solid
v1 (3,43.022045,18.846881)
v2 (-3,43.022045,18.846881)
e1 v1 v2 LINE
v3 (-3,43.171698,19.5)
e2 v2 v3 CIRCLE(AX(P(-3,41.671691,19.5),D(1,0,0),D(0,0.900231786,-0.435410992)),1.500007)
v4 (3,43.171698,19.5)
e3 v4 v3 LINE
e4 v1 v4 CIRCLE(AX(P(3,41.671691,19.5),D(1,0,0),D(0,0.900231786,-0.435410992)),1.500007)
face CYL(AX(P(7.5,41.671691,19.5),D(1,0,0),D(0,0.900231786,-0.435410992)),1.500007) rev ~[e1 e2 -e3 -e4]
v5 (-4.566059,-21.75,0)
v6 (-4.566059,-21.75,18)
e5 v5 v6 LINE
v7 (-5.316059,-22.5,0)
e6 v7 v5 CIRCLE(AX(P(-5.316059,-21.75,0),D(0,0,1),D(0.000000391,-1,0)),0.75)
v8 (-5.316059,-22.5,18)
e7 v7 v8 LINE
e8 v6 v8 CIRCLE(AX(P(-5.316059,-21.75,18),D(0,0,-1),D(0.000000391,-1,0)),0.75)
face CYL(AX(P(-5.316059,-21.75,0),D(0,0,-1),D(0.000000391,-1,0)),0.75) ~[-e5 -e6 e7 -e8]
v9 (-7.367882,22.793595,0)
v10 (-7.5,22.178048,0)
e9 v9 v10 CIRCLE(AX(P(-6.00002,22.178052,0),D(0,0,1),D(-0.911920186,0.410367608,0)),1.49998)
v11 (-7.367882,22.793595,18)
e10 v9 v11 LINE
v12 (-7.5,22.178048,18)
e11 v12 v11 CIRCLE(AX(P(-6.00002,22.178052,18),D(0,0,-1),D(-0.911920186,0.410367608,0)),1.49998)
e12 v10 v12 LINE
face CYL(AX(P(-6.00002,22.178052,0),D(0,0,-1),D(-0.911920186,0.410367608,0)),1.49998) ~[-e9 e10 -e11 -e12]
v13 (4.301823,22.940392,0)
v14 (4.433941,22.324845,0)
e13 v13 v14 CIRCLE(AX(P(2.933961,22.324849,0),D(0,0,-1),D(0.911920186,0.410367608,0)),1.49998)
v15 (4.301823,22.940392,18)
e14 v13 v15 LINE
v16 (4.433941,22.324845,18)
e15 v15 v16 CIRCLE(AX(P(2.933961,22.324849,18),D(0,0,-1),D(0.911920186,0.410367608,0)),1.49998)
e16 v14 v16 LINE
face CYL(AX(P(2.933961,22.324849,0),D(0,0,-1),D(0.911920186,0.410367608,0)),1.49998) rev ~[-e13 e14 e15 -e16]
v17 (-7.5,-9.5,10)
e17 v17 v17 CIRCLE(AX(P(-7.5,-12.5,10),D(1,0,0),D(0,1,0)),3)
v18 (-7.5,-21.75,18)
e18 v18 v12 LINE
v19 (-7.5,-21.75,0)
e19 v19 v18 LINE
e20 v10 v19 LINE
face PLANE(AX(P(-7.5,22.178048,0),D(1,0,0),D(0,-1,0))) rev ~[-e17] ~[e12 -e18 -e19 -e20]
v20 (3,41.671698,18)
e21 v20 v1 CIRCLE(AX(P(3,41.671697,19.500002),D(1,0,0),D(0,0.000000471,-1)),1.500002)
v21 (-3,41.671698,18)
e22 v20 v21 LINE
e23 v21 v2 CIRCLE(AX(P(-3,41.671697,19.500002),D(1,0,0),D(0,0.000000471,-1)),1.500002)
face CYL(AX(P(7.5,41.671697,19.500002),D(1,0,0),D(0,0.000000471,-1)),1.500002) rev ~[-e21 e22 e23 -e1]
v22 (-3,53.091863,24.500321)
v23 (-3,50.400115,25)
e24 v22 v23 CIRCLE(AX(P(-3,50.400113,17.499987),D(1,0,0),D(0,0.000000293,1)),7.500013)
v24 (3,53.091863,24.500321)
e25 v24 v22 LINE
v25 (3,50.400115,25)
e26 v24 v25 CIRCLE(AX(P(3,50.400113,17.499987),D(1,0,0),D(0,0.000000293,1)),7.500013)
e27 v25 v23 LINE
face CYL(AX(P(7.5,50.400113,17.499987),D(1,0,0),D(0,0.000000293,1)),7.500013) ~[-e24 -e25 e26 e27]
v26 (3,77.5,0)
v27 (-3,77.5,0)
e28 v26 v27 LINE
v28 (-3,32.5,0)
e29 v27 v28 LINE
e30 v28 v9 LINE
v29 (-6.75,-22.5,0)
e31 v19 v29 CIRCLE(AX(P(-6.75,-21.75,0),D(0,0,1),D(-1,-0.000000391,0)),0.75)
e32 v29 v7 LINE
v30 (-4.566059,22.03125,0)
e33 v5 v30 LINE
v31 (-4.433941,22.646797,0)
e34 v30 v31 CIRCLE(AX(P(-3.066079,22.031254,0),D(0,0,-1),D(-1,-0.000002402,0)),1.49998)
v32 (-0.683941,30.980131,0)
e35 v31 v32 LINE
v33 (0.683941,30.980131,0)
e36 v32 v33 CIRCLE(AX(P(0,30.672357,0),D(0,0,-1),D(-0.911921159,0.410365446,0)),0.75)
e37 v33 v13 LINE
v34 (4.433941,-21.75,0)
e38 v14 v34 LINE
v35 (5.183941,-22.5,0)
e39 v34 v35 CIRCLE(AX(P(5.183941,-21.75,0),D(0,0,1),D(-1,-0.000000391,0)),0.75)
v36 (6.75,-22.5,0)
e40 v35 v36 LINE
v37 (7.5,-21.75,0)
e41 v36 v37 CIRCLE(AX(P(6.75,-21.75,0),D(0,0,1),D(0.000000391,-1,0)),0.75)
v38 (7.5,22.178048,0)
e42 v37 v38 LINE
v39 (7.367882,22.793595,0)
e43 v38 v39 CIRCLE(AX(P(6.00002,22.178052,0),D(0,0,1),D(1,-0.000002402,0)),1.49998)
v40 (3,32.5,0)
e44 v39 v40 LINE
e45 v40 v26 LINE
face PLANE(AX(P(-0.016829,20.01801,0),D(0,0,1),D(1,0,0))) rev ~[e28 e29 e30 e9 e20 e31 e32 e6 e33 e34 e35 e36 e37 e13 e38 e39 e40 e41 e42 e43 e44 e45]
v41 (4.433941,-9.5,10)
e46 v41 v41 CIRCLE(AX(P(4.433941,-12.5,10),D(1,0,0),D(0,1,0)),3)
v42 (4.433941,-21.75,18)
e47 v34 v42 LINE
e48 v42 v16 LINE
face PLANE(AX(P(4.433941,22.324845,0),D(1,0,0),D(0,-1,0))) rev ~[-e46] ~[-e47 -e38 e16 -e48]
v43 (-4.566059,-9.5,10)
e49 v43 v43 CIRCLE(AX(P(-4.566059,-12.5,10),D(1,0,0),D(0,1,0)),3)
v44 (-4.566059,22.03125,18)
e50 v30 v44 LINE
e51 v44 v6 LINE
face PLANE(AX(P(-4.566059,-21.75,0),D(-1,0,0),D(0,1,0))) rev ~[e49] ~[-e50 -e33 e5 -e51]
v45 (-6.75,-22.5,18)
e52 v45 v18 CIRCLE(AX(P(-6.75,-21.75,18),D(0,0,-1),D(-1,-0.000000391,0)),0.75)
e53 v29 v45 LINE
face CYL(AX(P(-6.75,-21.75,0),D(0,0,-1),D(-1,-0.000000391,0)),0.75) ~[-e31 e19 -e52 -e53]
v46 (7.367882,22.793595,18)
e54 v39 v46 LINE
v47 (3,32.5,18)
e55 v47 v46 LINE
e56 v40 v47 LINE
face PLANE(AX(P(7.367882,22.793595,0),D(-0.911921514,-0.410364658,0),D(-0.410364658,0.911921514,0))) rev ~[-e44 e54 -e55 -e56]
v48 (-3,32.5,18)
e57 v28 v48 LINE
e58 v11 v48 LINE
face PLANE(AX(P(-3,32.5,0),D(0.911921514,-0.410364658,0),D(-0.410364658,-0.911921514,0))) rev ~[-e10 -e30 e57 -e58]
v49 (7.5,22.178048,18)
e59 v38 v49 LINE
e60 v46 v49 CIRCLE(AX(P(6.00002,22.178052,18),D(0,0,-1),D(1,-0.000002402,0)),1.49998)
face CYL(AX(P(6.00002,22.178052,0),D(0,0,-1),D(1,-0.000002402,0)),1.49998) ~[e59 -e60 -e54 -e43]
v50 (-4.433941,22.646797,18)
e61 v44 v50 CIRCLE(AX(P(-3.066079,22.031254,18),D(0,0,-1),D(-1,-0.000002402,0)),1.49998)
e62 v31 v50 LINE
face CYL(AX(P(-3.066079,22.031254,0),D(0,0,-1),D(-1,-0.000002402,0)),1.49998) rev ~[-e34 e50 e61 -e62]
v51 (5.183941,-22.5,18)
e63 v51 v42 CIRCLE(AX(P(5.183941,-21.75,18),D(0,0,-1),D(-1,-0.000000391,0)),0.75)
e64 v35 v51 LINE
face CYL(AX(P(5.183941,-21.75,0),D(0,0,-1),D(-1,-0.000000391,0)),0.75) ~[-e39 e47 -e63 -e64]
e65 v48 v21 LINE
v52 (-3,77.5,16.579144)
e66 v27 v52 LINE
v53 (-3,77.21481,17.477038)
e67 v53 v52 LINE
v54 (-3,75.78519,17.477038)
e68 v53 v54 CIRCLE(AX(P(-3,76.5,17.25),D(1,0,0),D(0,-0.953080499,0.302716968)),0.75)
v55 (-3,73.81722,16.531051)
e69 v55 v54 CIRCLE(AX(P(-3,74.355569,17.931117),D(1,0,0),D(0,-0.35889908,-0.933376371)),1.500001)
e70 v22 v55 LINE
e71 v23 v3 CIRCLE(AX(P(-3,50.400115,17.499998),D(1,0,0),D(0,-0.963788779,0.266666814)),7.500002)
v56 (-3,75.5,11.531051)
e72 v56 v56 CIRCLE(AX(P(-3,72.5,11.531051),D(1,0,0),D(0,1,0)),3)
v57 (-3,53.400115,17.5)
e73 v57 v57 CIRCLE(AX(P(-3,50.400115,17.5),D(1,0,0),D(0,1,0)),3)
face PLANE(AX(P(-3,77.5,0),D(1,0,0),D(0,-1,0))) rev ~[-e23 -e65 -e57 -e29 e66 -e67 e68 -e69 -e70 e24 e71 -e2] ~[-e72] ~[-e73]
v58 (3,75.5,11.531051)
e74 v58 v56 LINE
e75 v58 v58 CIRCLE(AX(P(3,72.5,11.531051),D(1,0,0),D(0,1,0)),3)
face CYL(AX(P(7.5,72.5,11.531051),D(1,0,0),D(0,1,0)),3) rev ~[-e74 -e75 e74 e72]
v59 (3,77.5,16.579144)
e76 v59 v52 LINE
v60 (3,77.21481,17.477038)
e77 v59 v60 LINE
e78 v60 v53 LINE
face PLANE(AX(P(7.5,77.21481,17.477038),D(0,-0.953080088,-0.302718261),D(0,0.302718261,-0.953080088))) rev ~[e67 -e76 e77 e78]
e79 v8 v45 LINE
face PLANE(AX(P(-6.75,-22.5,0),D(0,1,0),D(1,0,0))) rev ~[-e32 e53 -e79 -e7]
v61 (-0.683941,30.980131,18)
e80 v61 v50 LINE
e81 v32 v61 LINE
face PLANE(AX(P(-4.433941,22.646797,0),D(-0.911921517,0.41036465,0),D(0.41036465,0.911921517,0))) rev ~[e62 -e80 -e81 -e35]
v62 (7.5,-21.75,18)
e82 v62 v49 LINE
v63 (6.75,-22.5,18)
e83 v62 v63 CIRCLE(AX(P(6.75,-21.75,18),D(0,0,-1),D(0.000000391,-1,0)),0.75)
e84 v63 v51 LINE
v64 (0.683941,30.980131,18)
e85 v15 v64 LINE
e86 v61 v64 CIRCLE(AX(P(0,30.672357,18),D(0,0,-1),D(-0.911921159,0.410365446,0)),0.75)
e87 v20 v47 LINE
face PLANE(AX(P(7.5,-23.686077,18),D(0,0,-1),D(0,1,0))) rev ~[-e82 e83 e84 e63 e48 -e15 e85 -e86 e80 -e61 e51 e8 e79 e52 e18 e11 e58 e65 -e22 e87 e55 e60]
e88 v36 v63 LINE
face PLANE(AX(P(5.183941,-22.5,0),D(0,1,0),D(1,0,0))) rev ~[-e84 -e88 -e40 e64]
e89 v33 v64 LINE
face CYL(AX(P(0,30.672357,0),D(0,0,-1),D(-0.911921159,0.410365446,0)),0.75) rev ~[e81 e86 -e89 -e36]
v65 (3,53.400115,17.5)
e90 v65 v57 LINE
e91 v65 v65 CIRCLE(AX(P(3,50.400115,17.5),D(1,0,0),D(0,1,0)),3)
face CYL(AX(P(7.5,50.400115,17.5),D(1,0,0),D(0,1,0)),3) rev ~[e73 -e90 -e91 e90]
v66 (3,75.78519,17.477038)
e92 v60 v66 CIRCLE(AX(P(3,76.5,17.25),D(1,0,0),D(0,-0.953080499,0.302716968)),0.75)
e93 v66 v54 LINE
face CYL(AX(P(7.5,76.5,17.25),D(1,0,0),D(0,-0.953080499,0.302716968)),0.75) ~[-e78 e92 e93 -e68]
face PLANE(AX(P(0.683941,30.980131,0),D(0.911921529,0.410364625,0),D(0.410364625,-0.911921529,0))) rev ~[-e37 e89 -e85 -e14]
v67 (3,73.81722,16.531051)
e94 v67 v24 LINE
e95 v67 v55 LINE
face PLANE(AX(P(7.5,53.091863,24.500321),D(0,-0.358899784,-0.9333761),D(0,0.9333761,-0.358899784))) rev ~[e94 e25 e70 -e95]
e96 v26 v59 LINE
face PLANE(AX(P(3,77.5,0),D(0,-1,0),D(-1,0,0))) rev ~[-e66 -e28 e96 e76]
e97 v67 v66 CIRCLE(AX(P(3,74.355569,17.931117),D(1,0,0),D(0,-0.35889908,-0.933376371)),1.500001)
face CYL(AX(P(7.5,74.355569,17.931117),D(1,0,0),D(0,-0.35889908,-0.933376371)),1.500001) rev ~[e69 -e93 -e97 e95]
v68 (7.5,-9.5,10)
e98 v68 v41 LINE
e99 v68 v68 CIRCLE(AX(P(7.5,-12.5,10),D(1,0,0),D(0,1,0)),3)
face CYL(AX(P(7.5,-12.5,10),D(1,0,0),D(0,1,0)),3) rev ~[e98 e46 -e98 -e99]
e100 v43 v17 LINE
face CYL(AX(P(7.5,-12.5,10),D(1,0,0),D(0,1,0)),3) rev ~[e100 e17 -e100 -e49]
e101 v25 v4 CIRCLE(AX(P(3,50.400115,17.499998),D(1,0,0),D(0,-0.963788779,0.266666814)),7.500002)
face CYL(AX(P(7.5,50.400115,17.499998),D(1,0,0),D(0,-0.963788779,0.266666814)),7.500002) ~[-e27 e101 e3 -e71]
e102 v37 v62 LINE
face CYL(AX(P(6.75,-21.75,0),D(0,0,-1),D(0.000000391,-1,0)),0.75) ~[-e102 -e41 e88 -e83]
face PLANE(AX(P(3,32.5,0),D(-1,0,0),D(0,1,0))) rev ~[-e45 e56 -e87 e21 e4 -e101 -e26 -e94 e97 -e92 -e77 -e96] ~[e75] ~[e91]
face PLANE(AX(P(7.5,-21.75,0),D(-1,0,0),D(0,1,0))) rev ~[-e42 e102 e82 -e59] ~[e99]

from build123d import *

# Parameters (mm, degrees)
F1_DEPTH = 25
F2_R     = 3
F3_DEPTH = 15


with BuildPart() as f1:
    # F0 (on Top) → F1 (new body)
    with BuildSketch(Plane.XY):
        with BuildLine():
            Line((5.183941, -22.5), (6.75, -22.5))
            ThreePointArc((6.75, -22.5), (7.28033, -22.28033), (7.5, -21.75))
            Line((7.5, -21.75), (7.5, 22.178048))
            ThreePointArc((7.5, 22.178048), (7.466599, 22.492831), (7.367882, 22.793595))
            Line((7.367882, 22.793595), (3, 32.5))
            Line((3, 32.5), (3, 77.5))
            Line((3, 77.5), (-3, 77.5))
            Line((-3, 77.5), (-3, 32.5))
            Line((-3, 32.5), (-7.367882, 22.793595))
            ThreePointArc((-7.367882, 22.793595), (-7.466599, 22.492831), (-7.5, 22.178048))
            Line((-7.5, 22.178048), (-7.5, -21.75))
            ThreePointArc((-7.5, -21.75), (-7.28033, -22.28033), (-6.75, -22.5))
            Line((-6.75, -22.5), (-5.316059, -22.5))
            ThreePointArc((-5.316059, -22.5), (-4.785729, -22.28033), (-4.566059, -21.75))
            Line((-4.566059, -21.75), (-4.566059, 22.03125))
            ThreePointArc((-4.566059, 22.03125), (-4.532658, 22.346033), (-4.433941, 22.646797))
            Line((-4.433941, 22.646797), (-0.683941, 30.980131))
            ThreePointArc((-0.683941, 30.980131), (0, 31.422357), (0.683941, 30.980131))
            Line((0.683941, 30.980131), (4.301823, 22.940392))
            ThreePointArc((4.301823, 22.940392), (4.40054, 22.639628), (4.433941, 22.324845))
            Line((4.433941, 22.324845), (4.433941, -21.75))
            ThreePointArc((4.433941, -21.75), (4.653611, -22.28033), (5.183941, -22.5))
        make_face()
    extrude(amount=F1_DEPTH)

    # F2 (on face) → F3 (cut)
    with BuildSketch(Plane.YZ.offset(7.5)):
        with BuildLine():
            Line((77.5, 25), (50.400115, 25))
            ThreePointArc((50.400115, 25), (51.768982, 24.874022), (53.091863, 24.500321))
            Line((53.091863, 24.500321), (73.81722, 16.531051))
            ThreePointArc((73.81722, 16.531051), (75.005426, 16.579196), (75.78519, 17.477038))
            ThreePointArc((75.78519, 17.477038), (76.5, 18), (77.21481, 17.477038))
            Line((77.21481, 17.477038), (77.5, 16.579144))
            Line((77.5, 16.579144), (77.5, 25))
        make_face()
        with BuildLine():
            Line((-21.75, 25), (-21.828302, 25))
            Line((-21.828302, 25), (-23.686077, 25))
            Line((-23.686077, 25), (-23.686077, 18))
            Line((-23.686077, 18), (-21.828302, 18))
            Line((-21.828302, 18), (41.671698, 18))
            ThreePointArc((41.671698, 18), (42.468668, 18.229237), (43.022045, 18.846881))
            ThreePointArc((43.022045, 18.846881), (43.089574, 19.175113), (43.171698, 19.5))
            ThreePointArc((43.171698, 19.5), (45.858639, 23.468668), (50.400115, 25))
            Line((50.400115, 25), (43.171698, 25))
            Line((43.171698, 25), (-21.75, 25))
        make_face()
        with BuildLine():
            ThreePointArc((43.022045, 18.846881), (43.133806, 19.164977), (43.171698, 19.5))
            ThreePointArc((43.171698, 19.5), (43.089574, 19.175113), (43.022045, 18.846881))
        make_face()
        with Locations((50.400115, 17.5)):
            Circle(F2_R)
        with Locations((-12.5, 10)):
            Circle(F2_R)
        with Locations((72.5, 11.531051)):
            Circle(F2_R)
    extrude(amount=-F3_DEPTH, mode=Mode.SUBTRACT)


solid = f1.part
